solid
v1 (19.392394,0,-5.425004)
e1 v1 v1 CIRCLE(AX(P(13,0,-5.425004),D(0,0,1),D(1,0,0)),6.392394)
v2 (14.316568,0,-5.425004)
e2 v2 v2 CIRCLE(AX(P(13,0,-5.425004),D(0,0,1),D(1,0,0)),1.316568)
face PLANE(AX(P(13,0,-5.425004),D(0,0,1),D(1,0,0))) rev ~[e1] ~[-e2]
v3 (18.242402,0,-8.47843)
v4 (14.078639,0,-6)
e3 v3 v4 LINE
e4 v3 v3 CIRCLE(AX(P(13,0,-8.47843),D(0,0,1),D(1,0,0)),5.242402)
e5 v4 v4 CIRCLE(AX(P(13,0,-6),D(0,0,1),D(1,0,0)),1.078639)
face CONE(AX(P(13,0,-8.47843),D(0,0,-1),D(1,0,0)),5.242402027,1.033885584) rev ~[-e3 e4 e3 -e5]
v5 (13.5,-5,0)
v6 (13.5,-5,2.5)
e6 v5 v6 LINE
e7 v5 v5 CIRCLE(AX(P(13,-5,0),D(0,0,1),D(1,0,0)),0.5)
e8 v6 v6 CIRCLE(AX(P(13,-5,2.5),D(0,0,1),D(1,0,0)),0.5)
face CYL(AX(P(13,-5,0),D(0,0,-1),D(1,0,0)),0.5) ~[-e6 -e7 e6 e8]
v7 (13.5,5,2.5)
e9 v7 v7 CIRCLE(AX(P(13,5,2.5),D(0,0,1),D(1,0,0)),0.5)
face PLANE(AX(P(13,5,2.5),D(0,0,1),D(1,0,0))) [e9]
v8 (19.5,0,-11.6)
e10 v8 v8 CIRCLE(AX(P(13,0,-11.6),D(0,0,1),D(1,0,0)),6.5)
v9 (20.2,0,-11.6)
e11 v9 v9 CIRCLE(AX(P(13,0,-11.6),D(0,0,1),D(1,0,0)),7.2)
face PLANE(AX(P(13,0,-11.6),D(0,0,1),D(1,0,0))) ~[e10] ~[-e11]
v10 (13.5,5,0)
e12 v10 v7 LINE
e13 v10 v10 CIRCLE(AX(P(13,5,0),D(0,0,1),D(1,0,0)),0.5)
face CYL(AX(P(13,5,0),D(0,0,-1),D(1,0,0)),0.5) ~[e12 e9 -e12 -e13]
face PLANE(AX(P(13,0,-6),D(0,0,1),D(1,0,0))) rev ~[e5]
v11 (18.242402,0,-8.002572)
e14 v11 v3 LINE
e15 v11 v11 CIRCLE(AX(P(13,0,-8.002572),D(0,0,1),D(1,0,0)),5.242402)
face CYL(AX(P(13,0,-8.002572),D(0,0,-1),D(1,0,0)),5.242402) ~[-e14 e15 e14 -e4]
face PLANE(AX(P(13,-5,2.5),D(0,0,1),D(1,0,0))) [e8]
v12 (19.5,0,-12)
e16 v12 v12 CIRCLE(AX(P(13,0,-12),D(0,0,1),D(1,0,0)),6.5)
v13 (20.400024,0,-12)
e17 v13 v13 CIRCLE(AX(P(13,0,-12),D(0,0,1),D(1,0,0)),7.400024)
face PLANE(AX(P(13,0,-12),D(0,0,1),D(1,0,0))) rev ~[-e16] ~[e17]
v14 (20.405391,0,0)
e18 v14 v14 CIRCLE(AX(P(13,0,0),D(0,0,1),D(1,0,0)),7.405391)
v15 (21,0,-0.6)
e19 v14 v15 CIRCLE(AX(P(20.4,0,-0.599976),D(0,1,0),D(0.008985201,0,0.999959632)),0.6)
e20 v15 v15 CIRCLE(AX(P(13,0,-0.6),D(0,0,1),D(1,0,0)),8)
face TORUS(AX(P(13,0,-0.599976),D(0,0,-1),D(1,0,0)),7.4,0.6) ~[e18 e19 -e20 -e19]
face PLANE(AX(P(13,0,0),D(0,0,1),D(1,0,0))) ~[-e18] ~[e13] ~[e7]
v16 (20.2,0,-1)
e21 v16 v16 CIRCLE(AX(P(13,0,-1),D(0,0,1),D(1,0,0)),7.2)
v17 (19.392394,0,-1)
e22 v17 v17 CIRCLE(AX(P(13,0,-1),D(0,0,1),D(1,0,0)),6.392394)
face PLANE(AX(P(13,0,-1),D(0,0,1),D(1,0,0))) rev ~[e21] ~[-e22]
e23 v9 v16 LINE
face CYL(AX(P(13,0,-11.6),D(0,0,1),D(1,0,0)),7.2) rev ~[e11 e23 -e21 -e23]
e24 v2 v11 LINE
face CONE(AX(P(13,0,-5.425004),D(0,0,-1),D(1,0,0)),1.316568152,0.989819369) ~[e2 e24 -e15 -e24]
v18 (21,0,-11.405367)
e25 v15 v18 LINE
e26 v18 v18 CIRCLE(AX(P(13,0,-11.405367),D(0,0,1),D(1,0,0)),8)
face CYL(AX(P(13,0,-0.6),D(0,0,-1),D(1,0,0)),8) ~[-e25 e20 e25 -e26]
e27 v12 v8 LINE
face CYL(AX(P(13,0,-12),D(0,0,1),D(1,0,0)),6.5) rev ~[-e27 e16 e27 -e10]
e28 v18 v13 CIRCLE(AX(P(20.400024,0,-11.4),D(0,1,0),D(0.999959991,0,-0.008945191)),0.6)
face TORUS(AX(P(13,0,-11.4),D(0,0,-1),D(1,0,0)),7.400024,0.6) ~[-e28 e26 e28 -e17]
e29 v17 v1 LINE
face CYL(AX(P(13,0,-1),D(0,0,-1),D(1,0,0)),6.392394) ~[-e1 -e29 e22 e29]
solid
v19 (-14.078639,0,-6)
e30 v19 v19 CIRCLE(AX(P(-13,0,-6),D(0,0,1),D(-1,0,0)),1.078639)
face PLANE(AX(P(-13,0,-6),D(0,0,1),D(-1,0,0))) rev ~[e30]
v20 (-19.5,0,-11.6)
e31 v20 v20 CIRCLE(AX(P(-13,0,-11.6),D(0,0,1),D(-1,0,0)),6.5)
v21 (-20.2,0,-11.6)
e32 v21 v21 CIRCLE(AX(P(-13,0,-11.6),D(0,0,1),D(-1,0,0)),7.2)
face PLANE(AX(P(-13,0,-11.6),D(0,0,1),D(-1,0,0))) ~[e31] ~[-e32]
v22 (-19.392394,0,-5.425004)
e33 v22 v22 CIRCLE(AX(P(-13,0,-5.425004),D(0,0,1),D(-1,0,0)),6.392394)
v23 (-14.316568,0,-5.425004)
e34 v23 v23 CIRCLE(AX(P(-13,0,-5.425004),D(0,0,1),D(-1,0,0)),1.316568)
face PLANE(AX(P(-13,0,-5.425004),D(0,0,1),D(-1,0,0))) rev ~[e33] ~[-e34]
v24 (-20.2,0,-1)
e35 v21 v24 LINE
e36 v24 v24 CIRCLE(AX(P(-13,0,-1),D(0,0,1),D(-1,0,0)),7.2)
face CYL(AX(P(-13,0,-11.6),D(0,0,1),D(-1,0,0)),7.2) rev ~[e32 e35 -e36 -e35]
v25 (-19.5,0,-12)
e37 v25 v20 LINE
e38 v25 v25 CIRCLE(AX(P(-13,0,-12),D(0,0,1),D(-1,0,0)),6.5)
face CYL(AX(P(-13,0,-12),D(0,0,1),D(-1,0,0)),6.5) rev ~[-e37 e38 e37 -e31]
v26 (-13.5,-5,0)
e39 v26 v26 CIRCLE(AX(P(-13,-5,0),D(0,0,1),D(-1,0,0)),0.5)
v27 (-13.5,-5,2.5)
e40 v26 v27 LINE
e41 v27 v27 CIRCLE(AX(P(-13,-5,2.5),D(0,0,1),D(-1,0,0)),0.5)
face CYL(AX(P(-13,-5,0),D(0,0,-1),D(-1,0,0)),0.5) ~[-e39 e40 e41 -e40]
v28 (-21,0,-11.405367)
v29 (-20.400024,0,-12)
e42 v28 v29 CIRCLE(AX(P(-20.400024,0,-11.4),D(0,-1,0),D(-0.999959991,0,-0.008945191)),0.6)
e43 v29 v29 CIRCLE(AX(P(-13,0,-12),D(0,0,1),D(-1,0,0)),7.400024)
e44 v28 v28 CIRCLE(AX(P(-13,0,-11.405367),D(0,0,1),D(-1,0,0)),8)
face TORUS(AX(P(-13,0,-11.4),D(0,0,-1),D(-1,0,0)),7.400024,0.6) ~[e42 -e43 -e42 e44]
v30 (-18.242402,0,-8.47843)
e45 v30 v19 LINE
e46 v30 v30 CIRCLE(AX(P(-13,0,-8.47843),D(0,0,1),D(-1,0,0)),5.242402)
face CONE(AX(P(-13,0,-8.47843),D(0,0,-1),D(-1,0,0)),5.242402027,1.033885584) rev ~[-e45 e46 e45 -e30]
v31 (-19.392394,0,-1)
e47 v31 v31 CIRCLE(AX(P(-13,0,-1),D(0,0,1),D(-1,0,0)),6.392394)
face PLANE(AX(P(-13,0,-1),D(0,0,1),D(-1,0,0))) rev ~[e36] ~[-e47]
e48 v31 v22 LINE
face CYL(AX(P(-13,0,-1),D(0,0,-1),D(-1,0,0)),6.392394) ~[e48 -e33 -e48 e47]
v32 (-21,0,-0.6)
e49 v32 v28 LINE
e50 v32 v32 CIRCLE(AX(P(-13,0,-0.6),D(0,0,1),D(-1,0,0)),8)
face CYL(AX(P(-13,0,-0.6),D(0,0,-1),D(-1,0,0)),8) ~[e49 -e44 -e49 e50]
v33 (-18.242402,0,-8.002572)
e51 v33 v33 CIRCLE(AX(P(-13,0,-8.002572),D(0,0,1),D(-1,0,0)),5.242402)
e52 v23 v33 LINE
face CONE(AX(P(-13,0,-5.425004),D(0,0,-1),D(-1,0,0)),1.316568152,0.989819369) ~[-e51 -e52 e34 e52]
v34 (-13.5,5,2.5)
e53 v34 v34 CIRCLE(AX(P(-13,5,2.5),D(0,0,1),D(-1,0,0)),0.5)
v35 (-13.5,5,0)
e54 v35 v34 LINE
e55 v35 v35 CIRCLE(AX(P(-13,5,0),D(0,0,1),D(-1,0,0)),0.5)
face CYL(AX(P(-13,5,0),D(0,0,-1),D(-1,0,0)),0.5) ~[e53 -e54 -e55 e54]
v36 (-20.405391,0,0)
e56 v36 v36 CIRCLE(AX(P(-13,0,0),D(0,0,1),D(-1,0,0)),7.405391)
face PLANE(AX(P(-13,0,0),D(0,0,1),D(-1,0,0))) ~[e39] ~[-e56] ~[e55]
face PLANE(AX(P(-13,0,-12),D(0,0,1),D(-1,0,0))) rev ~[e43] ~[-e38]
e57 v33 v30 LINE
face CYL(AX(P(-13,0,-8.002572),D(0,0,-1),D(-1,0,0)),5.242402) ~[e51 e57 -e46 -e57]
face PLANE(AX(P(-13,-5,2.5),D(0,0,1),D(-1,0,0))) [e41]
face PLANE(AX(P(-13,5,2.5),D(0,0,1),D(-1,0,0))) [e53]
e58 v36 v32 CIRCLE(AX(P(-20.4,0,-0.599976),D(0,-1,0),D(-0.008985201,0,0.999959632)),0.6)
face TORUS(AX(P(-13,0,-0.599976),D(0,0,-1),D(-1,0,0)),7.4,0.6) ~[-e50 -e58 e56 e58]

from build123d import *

# Parameters (mm, degrees)
SKETCH11_R = 0.5
PINS_DEPTH = 2.5


with BuildPart() as part:
    # Sketch5 → T (revolve)
    with BuildSketch(Plane(origin=(0, 0, 0), x_dir=(1, 0, 0), z_dir=(0, 1, 0))):
        with BuildLine():
            Line((18.242402027, 8.478430477), (14.078638826, 6))
            Line((14.078638826, 6), (13, 6))
            Line((13, 6), (13, 0))
            Line((13, 0), (20.405391121, 0))
            ThreePointArc((20.405391121, 0), (20.82617438, 0.177630662), (21, 0.6))
            Line((21, 0.6), (21, 11.405367115))
            ThreePointArc((21, 11.405367115), (20.82238625, 11.826157406), (20.400024005, 12))
            Line((20.400024005, 12), (19.5, 12))
            Line((19.5, 12), (19.5, 11.6))
            Line((19.5, 11.6), (20.2, 11.6))
            Line((20.2, 11.6), (20.2, 1))
            Line((20.2, 1), (19.392393768, 1))
            Line((19.392393768, 1), (19.392393768, 5.425004129))
            Line((19.392393768, 5.425004129), (14.316568152, 5.425004129))
            Line((14.316568152, 5.425004129), (18.242402027, 8.002571825))
            Line((18.242402027, 8.002571825), (18.242402027, 8.478430477))
        make_face()
    revolve(axis=Axis((13, 0, -12.001248523), (0, 0, 1)))



with BuildPart() as body_2:
    # Sketch5<3> → R (revolve)
    with BuildSketch(Plane(origin=(0, 0, 0), x_dir=(1, 0, 0), z_dir=(0, 1, 0))):
        with BuildLine():
            Line((-13, 0), (-13, 6))
            Line((-13, 6), (-14.078638826, 6))
            Line((-14.078638826, 6), (-18.242402027, 8.478430477))
            Line((-18.242402027, 8.478430477), (-18.242402027, 8.002571825))
            Line((-18.242402027, 8.002571825), (-14.316568152, 5.425004129))
            Line((-14.316568152, 5.425004129), (-19.392393768, 5.425004129))
            Line((-19.392393768, 5.425004129), (-19.392393768, 1))
            Line((-19.392393768, 1), (-20.2, 1))
            Line((-20.2, 1), (-20.2, 11.6))
            Line((-20.2, 11.6), (-19.5, 11.6))
            Line((-19.5, 11.6), (-19.5, 12))
            Line((-19.5, 12), (-20.400024005, 12))
            ThreePointArc((-20.400024005, 12), (-20.82238625, 11.826157406), (-21, 11.405367115))
            Line((-21, 11.405367115), (-21, 0.6))
            ThreePointArc((-21, 0.6), (-20.82617438, 0.177630662), (-20.405391121, 0))
            Line((-20.405391121, 0), (-13, 0))
        make_face()
    revolve(axis=Axis((-13, 0, -11.196108303), (0, 0, 1)))


with BuildPart() as part_1:
    add(part.part)

    add(body_2.part)  # Pins merges body 2
    # Sketch11 → Pins (add)
    with BuildSketch(Plane.XY):
        with Locations((-13, 5)):
            Circle(SKETCH11_R)
        with Locations((-13, -5)):
            Circle(SKETCH11_R)
        with Locations((13, 5)):
            Circle(SKETCH11_R)
        with Locations((13, -5)):
            Circle(SKETCH11_R)
    extrude(amount=PINS_DEPTH)


solid = part_1.part
